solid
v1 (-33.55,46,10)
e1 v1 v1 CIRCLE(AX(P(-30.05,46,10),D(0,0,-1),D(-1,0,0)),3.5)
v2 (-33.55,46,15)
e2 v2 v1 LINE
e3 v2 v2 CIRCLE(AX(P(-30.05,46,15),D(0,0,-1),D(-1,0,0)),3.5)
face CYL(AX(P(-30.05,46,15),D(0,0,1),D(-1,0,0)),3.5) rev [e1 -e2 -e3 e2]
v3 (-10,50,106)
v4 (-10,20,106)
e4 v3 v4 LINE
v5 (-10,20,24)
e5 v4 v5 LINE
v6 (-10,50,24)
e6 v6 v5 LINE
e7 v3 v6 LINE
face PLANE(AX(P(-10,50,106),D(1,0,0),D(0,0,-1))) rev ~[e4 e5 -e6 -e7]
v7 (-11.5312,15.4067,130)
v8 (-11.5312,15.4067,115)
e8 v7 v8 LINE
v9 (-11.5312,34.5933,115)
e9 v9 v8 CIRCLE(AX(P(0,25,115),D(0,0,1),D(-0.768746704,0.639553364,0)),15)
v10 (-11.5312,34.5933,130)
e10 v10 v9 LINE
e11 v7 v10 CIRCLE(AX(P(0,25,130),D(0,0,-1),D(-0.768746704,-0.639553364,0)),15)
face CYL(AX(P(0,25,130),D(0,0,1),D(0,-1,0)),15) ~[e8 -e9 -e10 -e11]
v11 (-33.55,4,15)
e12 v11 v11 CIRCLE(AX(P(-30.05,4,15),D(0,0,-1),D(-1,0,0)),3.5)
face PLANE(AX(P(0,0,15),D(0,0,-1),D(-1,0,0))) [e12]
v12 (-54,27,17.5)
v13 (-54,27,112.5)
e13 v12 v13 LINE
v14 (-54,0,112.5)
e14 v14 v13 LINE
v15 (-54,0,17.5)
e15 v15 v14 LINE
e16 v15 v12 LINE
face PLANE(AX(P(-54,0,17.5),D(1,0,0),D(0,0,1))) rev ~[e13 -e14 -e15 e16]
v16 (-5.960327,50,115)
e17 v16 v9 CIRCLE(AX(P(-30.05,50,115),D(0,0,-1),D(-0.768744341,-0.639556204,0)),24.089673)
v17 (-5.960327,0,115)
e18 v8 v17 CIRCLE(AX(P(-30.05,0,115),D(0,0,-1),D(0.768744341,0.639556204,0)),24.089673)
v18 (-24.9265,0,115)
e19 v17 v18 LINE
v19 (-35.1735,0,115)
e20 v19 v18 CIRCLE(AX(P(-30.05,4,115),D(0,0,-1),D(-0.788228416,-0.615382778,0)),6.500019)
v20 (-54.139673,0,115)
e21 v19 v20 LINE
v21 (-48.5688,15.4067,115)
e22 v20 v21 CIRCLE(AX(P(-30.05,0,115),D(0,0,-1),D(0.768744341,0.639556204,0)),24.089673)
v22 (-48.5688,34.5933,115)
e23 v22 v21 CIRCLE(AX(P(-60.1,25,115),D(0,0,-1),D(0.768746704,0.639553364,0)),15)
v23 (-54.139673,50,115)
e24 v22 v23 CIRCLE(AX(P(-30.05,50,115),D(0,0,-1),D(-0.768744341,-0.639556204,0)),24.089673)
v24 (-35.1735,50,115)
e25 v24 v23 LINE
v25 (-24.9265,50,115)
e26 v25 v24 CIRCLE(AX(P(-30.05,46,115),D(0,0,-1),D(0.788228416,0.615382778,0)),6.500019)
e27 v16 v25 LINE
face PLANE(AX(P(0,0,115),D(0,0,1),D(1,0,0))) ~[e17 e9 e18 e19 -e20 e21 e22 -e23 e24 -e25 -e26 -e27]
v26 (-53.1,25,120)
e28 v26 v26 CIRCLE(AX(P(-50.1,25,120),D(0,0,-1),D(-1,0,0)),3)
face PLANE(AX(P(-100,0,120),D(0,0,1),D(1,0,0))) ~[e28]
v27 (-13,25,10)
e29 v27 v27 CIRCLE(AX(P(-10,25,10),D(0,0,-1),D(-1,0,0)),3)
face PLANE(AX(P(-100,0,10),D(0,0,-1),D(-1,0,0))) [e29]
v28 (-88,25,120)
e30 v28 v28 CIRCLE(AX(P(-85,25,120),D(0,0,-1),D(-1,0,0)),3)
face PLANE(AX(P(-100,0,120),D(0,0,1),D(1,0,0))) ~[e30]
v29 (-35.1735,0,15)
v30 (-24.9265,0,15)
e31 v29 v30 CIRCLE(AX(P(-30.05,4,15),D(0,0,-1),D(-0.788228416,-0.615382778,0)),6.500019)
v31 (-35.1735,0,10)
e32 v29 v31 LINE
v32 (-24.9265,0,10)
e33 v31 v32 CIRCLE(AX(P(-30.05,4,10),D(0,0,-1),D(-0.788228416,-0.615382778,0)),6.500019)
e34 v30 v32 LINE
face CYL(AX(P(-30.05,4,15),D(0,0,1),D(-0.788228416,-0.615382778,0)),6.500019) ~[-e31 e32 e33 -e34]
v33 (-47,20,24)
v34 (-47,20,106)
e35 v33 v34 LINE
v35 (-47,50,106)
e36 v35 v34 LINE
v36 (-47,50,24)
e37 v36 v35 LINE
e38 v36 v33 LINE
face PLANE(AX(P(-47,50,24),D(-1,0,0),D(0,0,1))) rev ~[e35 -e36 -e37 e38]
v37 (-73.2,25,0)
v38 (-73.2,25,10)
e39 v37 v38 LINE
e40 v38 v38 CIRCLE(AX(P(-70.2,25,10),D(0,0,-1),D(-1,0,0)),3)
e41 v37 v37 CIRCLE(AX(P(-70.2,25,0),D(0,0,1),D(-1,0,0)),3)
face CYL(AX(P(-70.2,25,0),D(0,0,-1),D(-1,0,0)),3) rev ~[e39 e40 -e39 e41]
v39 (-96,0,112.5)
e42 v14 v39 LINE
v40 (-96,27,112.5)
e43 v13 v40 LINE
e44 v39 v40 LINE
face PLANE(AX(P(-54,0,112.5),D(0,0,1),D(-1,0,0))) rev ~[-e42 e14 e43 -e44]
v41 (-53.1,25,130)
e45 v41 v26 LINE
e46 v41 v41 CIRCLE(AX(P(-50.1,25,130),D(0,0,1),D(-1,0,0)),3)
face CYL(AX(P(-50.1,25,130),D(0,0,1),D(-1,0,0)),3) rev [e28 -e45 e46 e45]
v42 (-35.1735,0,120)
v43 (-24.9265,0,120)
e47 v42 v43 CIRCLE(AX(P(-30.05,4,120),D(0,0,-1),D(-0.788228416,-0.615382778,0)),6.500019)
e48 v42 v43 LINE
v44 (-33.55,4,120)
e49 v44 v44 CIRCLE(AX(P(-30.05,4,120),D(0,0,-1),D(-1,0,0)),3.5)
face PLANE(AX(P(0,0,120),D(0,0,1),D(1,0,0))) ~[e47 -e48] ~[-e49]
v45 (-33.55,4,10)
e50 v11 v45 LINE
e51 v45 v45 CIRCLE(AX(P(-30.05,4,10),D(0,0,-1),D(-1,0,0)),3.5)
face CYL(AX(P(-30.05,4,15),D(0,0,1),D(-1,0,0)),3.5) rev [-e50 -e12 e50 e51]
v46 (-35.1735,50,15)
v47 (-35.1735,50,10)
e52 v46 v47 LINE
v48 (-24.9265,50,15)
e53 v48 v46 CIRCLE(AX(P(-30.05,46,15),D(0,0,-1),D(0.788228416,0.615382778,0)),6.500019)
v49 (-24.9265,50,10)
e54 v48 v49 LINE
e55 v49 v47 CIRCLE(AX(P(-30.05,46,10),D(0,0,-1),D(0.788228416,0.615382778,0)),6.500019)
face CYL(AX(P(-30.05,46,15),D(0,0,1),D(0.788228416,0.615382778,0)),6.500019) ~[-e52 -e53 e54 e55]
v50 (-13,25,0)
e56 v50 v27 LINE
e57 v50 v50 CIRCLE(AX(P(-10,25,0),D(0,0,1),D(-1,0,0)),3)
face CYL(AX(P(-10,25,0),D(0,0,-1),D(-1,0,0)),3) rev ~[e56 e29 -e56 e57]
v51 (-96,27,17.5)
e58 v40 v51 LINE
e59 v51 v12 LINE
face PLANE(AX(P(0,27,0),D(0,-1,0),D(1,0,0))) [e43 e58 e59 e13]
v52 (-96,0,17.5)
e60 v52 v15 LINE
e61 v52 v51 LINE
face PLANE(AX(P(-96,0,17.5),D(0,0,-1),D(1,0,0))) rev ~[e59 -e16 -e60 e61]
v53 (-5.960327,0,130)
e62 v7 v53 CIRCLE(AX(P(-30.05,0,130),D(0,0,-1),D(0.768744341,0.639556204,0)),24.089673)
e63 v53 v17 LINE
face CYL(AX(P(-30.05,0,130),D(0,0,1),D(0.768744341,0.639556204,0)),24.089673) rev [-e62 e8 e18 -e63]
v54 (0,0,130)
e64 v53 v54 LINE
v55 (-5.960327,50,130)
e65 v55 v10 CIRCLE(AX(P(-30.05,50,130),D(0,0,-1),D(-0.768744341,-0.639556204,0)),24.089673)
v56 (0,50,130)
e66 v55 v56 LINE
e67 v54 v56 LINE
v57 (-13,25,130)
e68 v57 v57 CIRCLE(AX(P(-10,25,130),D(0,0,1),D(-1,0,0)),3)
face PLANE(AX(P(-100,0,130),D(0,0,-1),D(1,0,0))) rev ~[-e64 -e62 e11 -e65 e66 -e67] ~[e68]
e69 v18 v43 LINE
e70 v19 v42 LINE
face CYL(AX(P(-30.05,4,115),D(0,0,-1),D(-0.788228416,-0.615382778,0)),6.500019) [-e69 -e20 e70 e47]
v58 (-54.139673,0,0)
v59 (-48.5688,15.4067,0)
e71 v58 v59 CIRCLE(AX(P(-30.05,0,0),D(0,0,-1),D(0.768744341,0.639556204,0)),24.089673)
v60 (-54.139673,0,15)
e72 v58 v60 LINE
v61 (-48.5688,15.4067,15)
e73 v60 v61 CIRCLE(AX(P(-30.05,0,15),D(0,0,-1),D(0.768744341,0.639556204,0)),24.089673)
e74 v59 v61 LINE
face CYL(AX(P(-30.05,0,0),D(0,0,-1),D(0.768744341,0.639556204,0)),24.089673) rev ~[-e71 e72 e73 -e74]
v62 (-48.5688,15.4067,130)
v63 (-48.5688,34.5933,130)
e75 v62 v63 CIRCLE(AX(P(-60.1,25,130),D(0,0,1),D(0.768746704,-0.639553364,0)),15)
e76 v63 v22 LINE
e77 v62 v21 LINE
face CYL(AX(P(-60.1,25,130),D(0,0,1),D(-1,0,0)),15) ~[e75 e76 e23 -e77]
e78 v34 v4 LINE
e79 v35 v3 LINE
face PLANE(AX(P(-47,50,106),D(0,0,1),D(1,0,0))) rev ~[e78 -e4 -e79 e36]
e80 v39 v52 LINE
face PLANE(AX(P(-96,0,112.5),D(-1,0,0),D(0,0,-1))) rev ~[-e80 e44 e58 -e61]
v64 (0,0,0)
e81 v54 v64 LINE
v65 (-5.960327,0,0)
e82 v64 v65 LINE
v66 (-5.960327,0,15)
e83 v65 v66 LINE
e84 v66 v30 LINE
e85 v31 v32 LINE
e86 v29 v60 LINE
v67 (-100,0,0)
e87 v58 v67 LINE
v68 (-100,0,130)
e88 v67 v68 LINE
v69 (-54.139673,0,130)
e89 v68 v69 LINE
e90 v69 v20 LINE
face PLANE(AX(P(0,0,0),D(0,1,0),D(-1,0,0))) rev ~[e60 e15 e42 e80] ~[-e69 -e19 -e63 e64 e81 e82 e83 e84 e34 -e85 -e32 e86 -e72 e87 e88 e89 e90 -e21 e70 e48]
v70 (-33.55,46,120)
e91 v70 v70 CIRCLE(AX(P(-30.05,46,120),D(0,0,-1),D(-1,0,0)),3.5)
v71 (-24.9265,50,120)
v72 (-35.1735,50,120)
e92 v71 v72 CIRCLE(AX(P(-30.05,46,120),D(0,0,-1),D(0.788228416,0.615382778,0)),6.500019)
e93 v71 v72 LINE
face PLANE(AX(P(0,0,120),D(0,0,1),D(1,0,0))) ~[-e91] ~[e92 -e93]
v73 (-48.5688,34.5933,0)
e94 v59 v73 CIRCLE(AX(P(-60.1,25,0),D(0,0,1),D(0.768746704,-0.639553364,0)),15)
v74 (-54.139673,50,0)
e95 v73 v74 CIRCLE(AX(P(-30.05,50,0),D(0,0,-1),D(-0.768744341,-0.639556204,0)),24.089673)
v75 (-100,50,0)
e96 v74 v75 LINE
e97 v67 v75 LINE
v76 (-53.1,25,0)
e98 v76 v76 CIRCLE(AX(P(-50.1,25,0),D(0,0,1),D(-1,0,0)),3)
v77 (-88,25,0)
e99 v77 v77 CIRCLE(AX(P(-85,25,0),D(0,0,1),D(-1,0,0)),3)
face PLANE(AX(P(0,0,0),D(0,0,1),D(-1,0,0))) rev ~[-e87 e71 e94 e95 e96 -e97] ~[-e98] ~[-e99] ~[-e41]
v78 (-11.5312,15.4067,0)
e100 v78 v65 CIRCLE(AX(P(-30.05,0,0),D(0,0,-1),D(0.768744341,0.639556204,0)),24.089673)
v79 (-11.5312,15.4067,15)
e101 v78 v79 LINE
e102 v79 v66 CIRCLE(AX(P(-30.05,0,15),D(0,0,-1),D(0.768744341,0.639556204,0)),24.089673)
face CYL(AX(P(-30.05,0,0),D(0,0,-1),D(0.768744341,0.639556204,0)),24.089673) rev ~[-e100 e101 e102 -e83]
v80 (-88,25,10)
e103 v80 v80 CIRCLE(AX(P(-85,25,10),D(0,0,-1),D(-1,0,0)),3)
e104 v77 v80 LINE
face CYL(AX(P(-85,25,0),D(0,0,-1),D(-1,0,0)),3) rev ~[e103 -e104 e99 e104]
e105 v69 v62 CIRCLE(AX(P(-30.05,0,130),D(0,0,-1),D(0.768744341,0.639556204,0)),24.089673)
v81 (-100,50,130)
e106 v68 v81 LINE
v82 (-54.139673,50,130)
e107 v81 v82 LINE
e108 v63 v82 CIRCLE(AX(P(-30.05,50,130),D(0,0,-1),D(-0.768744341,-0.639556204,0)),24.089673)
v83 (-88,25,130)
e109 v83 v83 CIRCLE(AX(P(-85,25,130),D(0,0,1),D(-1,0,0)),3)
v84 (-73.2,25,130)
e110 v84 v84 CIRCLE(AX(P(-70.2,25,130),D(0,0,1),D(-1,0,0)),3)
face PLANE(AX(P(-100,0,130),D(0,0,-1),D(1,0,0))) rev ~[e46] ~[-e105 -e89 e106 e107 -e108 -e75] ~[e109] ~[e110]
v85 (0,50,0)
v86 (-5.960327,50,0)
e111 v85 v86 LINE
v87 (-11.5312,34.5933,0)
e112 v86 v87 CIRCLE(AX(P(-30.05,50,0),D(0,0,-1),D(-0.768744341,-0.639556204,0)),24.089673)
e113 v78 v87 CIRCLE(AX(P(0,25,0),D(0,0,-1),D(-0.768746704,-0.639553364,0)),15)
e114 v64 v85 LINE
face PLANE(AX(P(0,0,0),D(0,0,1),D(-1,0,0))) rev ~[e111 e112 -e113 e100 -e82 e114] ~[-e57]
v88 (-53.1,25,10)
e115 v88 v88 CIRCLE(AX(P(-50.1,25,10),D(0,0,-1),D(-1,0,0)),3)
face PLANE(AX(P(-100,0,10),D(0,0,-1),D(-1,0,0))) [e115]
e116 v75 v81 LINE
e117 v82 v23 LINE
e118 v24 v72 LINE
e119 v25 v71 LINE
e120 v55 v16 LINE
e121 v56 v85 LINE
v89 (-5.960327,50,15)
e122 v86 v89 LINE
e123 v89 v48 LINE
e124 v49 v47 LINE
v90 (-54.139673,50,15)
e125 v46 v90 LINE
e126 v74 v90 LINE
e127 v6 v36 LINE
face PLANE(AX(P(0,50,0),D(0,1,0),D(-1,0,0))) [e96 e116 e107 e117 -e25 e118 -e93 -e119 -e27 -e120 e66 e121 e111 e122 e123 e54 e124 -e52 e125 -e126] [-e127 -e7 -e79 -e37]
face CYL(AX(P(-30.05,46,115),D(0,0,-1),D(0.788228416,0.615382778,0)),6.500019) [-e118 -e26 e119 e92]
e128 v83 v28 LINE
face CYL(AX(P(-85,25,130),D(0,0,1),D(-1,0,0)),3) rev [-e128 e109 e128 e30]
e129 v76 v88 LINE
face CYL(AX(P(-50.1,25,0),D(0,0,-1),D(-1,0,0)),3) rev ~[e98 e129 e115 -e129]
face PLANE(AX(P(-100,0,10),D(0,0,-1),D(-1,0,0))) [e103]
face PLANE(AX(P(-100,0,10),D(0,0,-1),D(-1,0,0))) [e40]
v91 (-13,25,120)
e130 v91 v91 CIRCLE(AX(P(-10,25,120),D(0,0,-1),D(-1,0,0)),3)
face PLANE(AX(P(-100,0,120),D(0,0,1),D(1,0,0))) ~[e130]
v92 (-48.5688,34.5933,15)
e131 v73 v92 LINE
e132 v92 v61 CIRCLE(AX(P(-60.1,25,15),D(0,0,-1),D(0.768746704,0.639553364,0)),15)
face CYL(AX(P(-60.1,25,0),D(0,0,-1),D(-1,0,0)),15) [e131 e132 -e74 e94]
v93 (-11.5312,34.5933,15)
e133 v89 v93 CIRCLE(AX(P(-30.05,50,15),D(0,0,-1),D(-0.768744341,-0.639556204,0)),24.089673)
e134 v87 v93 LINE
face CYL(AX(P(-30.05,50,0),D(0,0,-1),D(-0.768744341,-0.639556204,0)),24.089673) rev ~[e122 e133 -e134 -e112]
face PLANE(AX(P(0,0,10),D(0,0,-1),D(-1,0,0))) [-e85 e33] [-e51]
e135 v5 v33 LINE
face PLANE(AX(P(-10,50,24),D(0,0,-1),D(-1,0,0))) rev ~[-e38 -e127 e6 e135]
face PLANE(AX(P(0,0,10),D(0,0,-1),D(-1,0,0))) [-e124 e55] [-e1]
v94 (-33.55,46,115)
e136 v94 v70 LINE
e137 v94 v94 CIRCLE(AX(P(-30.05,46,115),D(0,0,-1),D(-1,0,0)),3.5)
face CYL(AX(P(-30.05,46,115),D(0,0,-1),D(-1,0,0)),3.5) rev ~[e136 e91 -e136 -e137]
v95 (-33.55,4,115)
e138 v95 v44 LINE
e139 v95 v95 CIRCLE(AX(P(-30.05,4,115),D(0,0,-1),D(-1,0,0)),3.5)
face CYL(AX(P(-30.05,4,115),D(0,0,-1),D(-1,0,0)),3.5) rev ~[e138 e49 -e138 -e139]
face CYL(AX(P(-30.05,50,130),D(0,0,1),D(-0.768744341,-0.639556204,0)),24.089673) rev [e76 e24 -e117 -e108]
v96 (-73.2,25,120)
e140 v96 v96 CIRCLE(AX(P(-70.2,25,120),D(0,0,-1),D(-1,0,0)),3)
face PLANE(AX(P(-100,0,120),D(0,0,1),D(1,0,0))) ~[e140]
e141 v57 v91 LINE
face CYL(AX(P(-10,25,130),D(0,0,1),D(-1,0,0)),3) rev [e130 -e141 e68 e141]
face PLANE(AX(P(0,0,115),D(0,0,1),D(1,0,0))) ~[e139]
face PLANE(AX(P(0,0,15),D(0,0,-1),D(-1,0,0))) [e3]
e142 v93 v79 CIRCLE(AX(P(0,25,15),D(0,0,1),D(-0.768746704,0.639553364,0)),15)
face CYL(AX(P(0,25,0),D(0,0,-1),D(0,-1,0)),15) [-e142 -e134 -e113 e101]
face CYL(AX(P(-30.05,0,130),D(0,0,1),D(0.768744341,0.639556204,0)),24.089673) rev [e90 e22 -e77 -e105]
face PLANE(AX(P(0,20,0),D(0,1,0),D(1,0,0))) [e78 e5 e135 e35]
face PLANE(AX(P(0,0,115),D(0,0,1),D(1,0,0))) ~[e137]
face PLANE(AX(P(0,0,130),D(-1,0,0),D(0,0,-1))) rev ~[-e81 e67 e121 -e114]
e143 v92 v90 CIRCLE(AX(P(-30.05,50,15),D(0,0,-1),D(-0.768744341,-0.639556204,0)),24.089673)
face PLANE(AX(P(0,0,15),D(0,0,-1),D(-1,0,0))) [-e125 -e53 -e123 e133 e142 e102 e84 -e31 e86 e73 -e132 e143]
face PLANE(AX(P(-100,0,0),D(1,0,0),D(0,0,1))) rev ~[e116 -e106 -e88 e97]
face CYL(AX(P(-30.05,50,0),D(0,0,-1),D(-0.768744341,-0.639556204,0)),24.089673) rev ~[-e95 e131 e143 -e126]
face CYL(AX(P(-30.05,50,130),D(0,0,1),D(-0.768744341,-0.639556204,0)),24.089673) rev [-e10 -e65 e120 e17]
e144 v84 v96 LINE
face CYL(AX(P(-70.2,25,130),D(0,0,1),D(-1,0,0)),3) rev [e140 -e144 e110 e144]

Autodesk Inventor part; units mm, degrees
ref_plane "YZ Plane" through (0, 0, 0) normal (1, 0, 0) x (0, 1, 0)
sketch "Sketch1" plane through (0, 0, 0) normal (0, 1, 0) x (-1, 0, 0)
  line L0 (0, 0) -> (100, 0)
  line L1 (100, 0) -> (100, 130)
  line L2 (100, 130) -> (0, 130)
  line L3 (0, 130) -> (0, 0)
  dimension "d0" = 130
  dimension "d1" = 100
extrude "Extrusion1" add sketch "Sketch1" along normal blind 50
sketch "Sketch2" plane through (0, 50, 0) normal (0, 1, 0) x (1, 0, 0)
  line L0 (-47, -106) -> (-10, -106)
  line L1 (-10, -106) -> (-10, -24)
  line L2 (-10, -24) -> (-47, -24)
  line L3 (-47, -24) -> (-47, -106)
  line L4 (0, -130) -> (0, 0) projected
  line L5 (-100, 0) -> (-100, -130) projected
  line L6 (-100, -130) -> (0, -130) projected
  line L7 (0, -130) -> (0, 0) projected
  line L8 (0, 0) -> (-100, 0) projected
  line L9 (-100, -65) -> (0, -65) construction
  point P0 (-47, -65)
  dimension "d4" = 82
  dimension "d5" = 37
  dimension "d6" = 10
extrude "Extrusion2" cut sketch "Sketch2" against normal blind 30 contours L3 L2 L1 L0
sketch "Sketch3" plane through (0, 0, 0) normal (0, -1, 0) x (1, 0, 0)
  line L0 (-96, 17.5) -> (-54, 17.5)
  line L1 (-54, 17.5) -> (-54, 112.5)
  line L2 (-54, 112.5) -> (-96, 112.5)
  line L3 (-96, 112.5) -> (-96, 17.5)
  line L4 (-100, 0) -> (-100, 130) projected
  line L5 (0, 0) -> (-100, 0) projected
  line L6 (0, 130) -> (0, 0) projected
  line L7 (-100, 130) -> (0, 130) projected
  line L8 (0, 65) -> (-100, 65) construction
  point P0 (-54, 65)
  dimension "d9" = 42
  dimension "d10" = 95
  dimension "d11" = 4
extrude "Extrusion3" cut sketch "Sketch3" against normal blind 27 contours L3 L2 L1 L0
ref_plane "Work Plane1" through (0, 25, 0) normal (0, 1, 0) x (1, 0, 0)
ref_plane "Work Plane2" through (0, 0, 65) normal (0, 0, -1) x (-1, 0, 0)
sketch "Sketch5" plane through (0, 0, 0) normal (0, 0, -1) x (-1, 0, 0)
  line L0 (0, 0) -> (100, 0) projected
  line L1 (100, 0) -> (100, 50) projected
  line L2 (0, 50) -> (100, 50) projected
  line L3 (0, 0) -> (0, 50) projected
  line L4 (-20, 25) -> (120, 25) projected
  arc A0 (0, 10) -> (0, 40) centre (0, 25) ccw
  arc A1 (48.5688, 34.5933) -> (11.5312, 34.5933) centre (30.05, 50) ccw
  arc A2 (11.5312, 15.4067) -> (48.5688, 15.4067) centre (30.05, 0) ccw
  circle A3 centre (60.1, 25) radius 15
  point P0 (54.1397, 50)
  point P1 (5.9603, 50)
  point P2 (5.9603, 0)
  point P3 (54.1397, 0)
  dimension "d14" = 30
  dimension "d15" = 60.1
extrude "Extrusion4" cut sketch "Sketch5" against normal blind 15 contours A2 A0 L4 A3 L0 | A0 A1 L2 A3 L4
mirror "Mirror1" about plane through (0, 0, 65) normal (0, 0, -1) of "Extrusion4"
sketch "Sketch6" plane through (0, 0, 15) normal (0, 0, -1) x (-1, 0, 0)
  arc A0 (48.5688, 34.5933) -> (54.1397, 50) centre (30.05, 50) ccw projected
  line L0 (5.9603, 50) -> (54.1397, 50) projected
  arc A1 (5.9603, 50) -> (11.5312, 34.5933) centre (30.05, 50) ccw projected
  arc A2 (11.5312, 15.4067) -> (11.5312, 34.5933) centre (0, 25) ccw projected
  arc A3 (11.5312, 15.4067) -> (5.9603, 0) centre (30.05, 0) ccw projected
  line L1 (54.1397, 0) -> (5.9603, 0) projected
  arc A4 (54.1397, 0) -> (48.5688, 15.4067) centre (30.05, 0) ccw projected
  arc A5 (48.5688, 34.5933) -> (48.5688, 15.4067) centre (60.1, 25) ccw projected
  arc A6 (24.9265, 50) -> (35.1735, 50) centre (30.05, 46) ccw
  arc A7 (35.1735, 0) -> (24.9265, 0) centre (30.05, 4) ccw
  line L2 (30.05, 50) -> (30.05, 0) construction
  line L3 (-20, 25) -> (120, 25) projected
  circle A8 centre (30.05, 4) radius 3.5
  circle A9 centre (30.05, 46) radius 3.5
  point P0 (0, 0)
  dimension "d18" = 13
  dimension "d19" = 42
  dimension "d20" = 21
  dimension "d21" = 7
extrude "Extrusion5" add sketch "Sketch6" along normal blind 5 contours A6 L0 | L1 A7
mirror "Mirror2" about plane through (0, 0, 65) normal (0, 0, -1) of "Extrusion5"
sketch "Sketch7" plane through (-100, 0, 0) normal (0, 0, -1) x (-1, 0, 0)
  circle A0 centre (-90, 25) radius 3
  circle A1 centre (-49.9, 25) radius 3
  arc A2 (-88.4688, 15.4067) -> (-94.0397, 0) centre (-69.95, 0) ccw projected
  arc A3 (-88.4688, 15.4067) -> (-88.4688, 34.5933) centre (-100, 25) ccw projected
  arc A4 (-94.0397, 50) -> (-88.4688, 34.5933) centre (-69.95, 50) ccw projected
  line L0 (-100, 50) -> (-94.0397, 50) projected
  line L1 (-100, 0) -> (-100, 50) projected
  line L2 (-100, 0) -> (-94.0397, 0) projected
  arc A5 (-45.8603, 0) -> (-51.4312, 15.4067) centre (-69.95, 0) ccw projected
  line L3 (-45.8603, 0) -> (0, 0) projected
  line L4 (0, 0) -> (0, 50) projected
  line L5 (-45.8603, 50) -> (0, 50) projected
  arc A6 (-51.4312, 34.5933) -> (-45.8603, 50) centre (-69.95, 50) ccw projected
  arc A7 (-51.4312, 34.5933) -> (-51.4312, 15.4067) centre (-39.9, 25) ccw projected
  line L6 (-120, 25) -> (20, 25) projected
  line L7 (-69.95, 0) -> (-69.95, 50) construction
  circle A8 centre (-29.8, 25) radius 3
  circle A9 centre (-15, 25) radius 3
  dimension "d24" = 6
  dimension "d25" = 6
  dimension "d26" = 40.1
  dimension "d27" = 20.05
  dimension "d30" = 20.1
  dimension "d31" = 14.8
extrude "Extrusion6" cut sketch "Sketch7" against normal blind 10 contours L6 A0 | A0 L6 | L6 A1 | A1 L6 | A8 L6 | L6 A8 | A9 L6 | L6 A9
mirror "Mirror3" about plane through (0, 0, 65) normal (0, 0, -1) of "Extrusion6"
equation "\"d20\" = 0.5 * d19"
equation "\"d27\" = 0.5 * d26"
properties part number "Full_Body"
